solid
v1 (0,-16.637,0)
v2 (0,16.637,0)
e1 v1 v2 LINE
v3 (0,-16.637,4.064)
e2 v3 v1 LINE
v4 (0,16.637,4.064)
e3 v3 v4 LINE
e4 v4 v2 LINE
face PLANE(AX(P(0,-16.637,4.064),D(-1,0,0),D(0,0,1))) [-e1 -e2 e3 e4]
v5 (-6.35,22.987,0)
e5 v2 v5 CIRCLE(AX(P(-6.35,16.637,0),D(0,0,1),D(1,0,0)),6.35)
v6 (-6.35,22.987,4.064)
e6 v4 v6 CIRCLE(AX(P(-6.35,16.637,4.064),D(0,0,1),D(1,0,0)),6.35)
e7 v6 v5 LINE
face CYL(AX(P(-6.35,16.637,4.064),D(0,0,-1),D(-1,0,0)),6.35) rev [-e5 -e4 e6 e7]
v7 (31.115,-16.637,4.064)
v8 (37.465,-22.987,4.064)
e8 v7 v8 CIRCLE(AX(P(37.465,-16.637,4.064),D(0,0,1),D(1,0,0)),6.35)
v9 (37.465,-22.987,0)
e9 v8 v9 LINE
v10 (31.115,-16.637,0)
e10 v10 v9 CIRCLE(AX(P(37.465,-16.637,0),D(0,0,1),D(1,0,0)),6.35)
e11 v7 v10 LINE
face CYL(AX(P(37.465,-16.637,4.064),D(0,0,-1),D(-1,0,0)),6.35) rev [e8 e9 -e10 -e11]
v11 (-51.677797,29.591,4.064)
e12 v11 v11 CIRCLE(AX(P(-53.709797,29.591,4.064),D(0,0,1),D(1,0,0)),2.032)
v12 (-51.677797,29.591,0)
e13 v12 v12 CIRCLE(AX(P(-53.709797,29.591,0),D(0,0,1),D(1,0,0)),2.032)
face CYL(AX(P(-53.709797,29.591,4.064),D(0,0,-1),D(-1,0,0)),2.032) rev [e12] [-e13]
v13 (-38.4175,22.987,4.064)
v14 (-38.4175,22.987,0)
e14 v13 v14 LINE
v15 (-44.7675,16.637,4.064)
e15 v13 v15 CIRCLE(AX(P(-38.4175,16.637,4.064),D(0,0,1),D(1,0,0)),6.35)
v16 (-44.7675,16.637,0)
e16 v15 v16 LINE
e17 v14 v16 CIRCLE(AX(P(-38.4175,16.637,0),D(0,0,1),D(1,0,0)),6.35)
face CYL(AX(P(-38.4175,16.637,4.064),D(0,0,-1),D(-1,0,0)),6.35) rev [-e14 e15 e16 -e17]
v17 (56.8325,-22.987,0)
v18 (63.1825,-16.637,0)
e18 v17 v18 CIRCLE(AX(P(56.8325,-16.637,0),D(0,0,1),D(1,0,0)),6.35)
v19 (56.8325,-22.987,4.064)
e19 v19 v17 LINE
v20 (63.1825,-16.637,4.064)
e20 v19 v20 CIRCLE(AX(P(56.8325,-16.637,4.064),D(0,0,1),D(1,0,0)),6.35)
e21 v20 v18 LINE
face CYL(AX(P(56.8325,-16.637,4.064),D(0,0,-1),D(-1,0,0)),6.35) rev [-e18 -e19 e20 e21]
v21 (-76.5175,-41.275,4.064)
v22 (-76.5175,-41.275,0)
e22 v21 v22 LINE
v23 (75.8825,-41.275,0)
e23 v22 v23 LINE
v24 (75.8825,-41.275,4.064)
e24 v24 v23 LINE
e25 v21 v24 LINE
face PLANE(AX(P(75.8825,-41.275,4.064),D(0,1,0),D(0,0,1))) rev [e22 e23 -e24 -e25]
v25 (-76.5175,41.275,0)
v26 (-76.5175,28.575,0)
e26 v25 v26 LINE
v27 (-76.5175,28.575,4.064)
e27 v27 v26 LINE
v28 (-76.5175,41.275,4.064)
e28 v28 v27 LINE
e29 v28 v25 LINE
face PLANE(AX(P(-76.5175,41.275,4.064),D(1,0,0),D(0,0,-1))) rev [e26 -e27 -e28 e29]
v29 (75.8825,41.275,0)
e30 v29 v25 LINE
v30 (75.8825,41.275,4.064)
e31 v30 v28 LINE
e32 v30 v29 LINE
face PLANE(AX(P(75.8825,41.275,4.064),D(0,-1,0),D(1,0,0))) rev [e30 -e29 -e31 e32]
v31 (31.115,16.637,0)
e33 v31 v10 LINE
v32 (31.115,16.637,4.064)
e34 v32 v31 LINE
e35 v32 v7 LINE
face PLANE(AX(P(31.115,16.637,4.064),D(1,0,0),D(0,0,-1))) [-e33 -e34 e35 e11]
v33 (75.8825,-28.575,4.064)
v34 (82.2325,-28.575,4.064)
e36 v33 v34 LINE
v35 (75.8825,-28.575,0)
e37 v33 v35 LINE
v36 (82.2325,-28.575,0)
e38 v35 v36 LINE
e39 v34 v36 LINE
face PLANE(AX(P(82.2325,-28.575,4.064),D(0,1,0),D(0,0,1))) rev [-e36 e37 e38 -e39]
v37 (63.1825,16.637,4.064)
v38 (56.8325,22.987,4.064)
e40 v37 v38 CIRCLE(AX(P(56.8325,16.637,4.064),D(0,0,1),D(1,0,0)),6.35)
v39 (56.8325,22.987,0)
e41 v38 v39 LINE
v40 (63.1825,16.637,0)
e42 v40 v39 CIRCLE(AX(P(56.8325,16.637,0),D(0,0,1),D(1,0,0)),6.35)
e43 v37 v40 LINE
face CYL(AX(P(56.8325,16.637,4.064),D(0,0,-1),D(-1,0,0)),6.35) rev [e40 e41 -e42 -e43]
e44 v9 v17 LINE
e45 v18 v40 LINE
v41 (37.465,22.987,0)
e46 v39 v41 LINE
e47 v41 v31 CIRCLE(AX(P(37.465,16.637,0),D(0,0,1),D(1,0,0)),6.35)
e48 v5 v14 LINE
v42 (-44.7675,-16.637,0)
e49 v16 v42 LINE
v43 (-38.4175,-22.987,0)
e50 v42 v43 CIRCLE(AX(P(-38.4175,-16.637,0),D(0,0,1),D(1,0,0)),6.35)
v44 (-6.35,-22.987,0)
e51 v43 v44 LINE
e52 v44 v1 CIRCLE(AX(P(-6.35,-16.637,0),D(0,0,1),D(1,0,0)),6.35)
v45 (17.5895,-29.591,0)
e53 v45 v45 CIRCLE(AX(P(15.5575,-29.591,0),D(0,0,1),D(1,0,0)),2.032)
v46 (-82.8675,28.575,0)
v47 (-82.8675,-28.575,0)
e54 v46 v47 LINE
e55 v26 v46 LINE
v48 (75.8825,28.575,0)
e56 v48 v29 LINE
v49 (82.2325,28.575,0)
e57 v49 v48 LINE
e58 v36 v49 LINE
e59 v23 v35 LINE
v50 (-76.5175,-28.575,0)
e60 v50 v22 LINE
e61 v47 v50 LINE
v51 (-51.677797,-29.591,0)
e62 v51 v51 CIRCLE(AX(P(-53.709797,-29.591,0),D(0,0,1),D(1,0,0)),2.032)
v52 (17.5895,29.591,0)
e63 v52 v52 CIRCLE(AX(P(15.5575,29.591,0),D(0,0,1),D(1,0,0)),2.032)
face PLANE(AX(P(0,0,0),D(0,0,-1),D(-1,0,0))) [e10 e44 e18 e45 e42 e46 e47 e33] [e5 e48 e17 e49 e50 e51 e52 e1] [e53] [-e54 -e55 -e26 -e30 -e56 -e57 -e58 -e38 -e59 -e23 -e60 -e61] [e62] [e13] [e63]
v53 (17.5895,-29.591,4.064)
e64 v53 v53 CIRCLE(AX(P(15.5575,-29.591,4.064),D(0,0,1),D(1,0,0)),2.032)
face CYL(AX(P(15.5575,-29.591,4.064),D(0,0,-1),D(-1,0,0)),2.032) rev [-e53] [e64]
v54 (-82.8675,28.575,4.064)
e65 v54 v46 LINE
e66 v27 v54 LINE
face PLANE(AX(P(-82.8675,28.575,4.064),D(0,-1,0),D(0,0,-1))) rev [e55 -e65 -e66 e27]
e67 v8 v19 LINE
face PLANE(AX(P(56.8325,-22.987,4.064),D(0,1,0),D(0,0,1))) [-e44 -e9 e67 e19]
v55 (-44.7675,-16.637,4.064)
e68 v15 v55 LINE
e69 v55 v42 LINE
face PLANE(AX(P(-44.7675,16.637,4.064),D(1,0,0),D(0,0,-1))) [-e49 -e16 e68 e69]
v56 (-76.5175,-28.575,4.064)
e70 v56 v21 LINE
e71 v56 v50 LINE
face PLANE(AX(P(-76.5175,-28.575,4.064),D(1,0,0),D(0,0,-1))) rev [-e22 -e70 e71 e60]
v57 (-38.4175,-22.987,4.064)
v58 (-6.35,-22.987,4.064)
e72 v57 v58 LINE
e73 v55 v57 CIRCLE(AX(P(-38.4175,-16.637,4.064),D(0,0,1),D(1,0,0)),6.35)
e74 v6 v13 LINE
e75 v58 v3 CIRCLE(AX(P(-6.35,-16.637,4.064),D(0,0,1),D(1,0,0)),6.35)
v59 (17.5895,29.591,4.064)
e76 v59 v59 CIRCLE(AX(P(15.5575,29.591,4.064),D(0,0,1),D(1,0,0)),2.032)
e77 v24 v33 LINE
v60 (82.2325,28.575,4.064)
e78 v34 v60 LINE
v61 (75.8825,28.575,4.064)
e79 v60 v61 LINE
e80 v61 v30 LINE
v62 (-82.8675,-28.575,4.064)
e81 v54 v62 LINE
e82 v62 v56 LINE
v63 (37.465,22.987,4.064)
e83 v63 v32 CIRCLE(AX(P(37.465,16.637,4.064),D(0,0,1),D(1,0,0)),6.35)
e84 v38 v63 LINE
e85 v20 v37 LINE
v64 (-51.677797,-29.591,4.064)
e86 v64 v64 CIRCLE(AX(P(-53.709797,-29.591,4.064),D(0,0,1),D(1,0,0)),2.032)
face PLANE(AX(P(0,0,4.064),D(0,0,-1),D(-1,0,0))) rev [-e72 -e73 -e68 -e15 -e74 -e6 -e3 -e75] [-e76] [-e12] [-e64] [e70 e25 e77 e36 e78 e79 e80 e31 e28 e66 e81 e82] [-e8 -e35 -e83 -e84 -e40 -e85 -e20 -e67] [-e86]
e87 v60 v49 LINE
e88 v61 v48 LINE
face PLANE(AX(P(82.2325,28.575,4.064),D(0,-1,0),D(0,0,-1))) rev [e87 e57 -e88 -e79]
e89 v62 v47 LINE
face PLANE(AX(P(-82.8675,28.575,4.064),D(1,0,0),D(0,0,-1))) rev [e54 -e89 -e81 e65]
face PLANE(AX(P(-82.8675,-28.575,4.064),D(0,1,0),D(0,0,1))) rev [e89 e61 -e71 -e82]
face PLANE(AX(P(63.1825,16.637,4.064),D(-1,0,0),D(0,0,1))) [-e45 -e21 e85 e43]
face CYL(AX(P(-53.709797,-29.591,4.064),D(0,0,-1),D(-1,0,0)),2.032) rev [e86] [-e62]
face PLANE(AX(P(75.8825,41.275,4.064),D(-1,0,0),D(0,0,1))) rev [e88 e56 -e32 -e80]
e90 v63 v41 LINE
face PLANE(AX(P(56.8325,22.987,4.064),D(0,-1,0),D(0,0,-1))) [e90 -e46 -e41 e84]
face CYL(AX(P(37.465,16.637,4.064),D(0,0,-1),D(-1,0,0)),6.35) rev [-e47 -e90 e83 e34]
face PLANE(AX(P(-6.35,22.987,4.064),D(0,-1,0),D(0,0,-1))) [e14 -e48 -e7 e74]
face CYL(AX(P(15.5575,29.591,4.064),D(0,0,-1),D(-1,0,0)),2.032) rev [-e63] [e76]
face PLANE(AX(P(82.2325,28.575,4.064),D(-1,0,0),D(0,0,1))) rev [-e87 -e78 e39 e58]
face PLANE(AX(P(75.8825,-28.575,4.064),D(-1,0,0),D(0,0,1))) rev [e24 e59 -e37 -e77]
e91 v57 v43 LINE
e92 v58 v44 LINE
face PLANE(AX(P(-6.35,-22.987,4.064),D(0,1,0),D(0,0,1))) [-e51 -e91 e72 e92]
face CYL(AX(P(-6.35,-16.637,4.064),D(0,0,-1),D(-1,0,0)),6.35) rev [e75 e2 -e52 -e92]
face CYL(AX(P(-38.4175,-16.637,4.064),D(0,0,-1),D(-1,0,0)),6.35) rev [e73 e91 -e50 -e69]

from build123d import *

# Parameters (mm, degrees)
SKETCH1_R           = 2.032
BOSS_EXTRUDE1_DEPTH = 4.064


with BuildPart() as part:
    # Sketch1 → Boss-Extrude1 (new body)
    with BuildSketch(Plane.XY):
        Polygon((75.8825, -41.275), (-76.5175, -41.275), (-76.5175, -28.575), (-82.8675, -28.575), (-82.8675, 28.575), (-76.5175, 28.575), (-76.5175, 41.275), (75.8825, 41.275), (75.8825, 28.575), (82.2325, 28.575), (82.2325, -28.575), (75.8825, -28.575), align=None)
        with Locations((-53.709797321, 29.591)):
            Circle(SKETCH1_R, mode=Mode.SUBTRACT)
        with Locations((15.5575, 29.591)):
            Circle(SKETCH1_R, mode=Mode.SUBTRACT)
        with Locations((-53.709797321, -29.591)):
            Circle(SKETCH1_R, mode=Mode.SUBTRACT)
        with Locations((15.5575, -29.591)):
            Circle(SKETCH1_R, mode=Mode.SUBTRACT)
        with BuildLine():
            Line((56.8325, 22.987), (37.465, 22.987))
            ThreePointArc((37.465, 22.987), (32.974871939, 21.127128061), (31.115, 16.637))
            Line((31.115, 16.637), (31.115, -16.637))
            ThreePointArc((31.115, -16.637), (32.974871939, -21.127128061), (37.465, -22.987))
            Line((37.465, -22.987), (56.8325, -22.987))
            ThreePointArc((56.8325, -22.987), (61.322628061, -21.127128061), (63.1825, -16.637))
            Line((63.1825, -16.637), (63.1825, 16.637))
            ThreePointArc((63.1825, 16.637), (61.322628061, 21.127128061), (56.8325, 22.987))
        make_face(mode=Mode.SUBTRACT)
        with BuildLine():
            Line((-6.35, 22.987), (-38.4175, 22.987))
            ThreePointArc((-38.4175, 22.987), (-42.907628061, 21.127128061), (-44.7675, 16.637))
            Line((-44.7675, 16.637), (-44.7675, -16.637))
            ThreePointArc((-44.7675, -16.637), (-42.907628061, -21.127128061), (-38.4175, -22.987))
            Line((-38.4175, -22.987), (-6.35, -22.987))
            ThreePointArc((-6.35, -22.987), (-1.859871939, -21.127128061), (0, -16.637))
            Line((0, -16.637), (0, 16.637))
            ThreePointArc((0, 16.637), (-1.859871939, 21.127128061), (-6.35, 22.987))
        make_face(mode=Mode.SUBTRACT)
    extrude(amount=BOSS_EXTRUDE1_DEPTH)


solid = part.part
